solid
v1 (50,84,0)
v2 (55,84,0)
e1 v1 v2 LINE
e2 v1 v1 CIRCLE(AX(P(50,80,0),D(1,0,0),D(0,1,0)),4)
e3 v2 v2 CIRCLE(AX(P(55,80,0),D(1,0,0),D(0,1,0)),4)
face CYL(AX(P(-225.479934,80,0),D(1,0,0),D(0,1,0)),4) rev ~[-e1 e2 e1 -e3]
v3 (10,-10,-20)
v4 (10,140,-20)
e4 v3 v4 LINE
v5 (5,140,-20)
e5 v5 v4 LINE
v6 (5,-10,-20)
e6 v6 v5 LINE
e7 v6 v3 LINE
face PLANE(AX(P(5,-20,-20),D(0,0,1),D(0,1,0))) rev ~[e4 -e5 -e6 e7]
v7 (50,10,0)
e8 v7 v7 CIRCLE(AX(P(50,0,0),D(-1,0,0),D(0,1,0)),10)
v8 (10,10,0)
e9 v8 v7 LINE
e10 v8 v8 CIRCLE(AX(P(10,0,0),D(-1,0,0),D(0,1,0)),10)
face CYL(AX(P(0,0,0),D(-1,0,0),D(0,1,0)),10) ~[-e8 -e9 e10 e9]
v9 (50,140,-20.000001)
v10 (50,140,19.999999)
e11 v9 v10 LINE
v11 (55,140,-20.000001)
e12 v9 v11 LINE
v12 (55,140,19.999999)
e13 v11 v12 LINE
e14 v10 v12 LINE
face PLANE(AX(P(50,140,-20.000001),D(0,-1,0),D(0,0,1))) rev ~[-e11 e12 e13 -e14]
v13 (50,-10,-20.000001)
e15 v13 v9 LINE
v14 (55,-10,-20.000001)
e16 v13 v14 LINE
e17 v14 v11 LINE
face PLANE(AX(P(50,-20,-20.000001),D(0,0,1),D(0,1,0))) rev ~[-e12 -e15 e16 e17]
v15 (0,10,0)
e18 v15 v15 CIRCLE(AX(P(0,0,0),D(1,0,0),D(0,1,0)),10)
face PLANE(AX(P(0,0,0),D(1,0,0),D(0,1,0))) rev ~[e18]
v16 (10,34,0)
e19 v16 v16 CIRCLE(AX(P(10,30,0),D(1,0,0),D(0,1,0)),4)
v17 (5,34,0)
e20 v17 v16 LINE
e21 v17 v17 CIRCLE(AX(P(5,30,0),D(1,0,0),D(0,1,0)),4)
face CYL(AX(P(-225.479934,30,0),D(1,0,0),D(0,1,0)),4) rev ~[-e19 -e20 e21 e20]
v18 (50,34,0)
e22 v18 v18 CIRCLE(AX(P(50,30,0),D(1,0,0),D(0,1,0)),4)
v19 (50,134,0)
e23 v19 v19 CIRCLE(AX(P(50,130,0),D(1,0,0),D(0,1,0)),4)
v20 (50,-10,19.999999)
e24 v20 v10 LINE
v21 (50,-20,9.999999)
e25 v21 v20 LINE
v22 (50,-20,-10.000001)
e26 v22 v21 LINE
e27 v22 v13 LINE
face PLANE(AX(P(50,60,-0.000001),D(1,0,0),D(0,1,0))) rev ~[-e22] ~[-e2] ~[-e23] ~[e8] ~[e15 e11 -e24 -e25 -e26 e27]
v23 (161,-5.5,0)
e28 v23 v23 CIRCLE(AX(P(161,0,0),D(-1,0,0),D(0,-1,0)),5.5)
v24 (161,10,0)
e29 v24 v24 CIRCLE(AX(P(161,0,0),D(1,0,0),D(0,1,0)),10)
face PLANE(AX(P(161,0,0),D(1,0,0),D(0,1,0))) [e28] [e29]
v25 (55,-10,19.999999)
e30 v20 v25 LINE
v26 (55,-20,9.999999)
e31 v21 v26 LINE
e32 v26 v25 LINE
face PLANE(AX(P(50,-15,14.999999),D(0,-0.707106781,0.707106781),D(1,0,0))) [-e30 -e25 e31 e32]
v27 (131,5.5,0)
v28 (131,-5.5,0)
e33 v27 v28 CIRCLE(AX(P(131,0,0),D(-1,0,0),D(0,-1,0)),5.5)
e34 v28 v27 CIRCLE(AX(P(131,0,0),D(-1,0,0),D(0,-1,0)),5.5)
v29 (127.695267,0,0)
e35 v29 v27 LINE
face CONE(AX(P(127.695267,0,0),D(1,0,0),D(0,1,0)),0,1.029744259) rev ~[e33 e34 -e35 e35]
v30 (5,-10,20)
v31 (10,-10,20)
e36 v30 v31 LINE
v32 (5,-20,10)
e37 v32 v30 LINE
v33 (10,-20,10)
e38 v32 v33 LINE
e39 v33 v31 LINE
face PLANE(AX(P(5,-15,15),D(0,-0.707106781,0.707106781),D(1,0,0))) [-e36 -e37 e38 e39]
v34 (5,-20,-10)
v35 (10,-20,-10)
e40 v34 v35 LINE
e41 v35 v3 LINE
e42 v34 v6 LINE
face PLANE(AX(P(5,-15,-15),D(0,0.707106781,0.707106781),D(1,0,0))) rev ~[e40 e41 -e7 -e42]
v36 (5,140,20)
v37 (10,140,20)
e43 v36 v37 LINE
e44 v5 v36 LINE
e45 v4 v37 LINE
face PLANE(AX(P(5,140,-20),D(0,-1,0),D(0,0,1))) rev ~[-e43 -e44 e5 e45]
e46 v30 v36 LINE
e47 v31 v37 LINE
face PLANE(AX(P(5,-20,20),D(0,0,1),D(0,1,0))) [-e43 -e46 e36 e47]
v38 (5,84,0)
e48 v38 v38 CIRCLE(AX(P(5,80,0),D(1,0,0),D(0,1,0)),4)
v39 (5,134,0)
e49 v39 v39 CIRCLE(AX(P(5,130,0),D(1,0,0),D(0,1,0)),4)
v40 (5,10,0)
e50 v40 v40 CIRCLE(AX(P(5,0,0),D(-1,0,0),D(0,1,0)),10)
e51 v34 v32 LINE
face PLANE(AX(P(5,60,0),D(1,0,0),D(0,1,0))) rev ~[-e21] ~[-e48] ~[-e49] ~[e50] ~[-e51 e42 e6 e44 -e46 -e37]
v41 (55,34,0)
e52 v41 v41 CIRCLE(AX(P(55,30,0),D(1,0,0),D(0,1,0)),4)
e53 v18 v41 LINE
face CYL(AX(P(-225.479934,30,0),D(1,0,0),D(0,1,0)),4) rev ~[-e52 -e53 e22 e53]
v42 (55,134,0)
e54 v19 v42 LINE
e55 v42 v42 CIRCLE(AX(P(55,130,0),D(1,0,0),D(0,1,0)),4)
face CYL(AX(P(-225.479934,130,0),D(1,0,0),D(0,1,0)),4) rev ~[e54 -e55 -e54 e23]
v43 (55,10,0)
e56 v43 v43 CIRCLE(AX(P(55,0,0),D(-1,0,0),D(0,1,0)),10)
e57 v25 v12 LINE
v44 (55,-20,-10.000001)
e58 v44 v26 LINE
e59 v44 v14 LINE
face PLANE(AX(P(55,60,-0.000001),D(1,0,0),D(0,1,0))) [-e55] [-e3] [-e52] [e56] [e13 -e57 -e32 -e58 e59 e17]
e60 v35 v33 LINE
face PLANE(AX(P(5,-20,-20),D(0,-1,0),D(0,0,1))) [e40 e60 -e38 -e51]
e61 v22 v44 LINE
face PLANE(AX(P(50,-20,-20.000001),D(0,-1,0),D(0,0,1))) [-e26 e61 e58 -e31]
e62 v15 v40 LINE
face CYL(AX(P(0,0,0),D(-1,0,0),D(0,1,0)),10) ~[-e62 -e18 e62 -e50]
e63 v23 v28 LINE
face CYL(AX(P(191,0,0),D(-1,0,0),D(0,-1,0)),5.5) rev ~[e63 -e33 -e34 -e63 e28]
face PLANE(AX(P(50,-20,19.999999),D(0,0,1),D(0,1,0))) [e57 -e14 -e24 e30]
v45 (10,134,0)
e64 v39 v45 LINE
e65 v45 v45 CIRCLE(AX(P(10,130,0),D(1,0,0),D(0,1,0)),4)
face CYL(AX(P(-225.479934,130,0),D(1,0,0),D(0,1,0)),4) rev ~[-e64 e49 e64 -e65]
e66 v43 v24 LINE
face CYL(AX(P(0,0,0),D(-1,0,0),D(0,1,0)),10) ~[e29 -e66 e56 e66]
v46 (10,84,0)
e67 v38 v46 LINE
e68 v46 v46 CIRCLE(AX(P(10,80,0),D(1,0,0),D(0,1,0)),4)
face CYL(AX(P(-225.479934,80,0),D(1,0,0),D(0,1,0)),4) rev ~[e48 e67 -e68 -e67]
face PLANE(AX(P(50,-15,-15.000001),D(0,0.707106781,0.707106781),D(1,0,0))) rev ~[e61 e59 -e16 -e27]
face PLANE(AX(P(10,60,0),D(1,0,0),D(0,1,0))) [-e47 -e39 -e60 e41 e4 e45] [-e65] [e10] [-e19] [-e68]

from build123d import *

# Parameters (mm, degrees)
F0_R      = 10
F1_DEPTH  = 161
F3_W      = 160
F3_H      = 40
F4_DEPTH  = 5
F6_W      = 160
F6_H      = 40
F7_DEPTH  = 5
F8_SIZE   = 10
F10_D     = 8
F12_D     = 11
F12_DEPTH = 30
F12_TIP   = 3.3047334047


with BuildPart() as f1:
    # F0 (on Right) → F1 (new body)
    with BuildSketch(Plane.YZ):
        Circle(F0_R)
    extrude(amount=F1_DEPTH)

    # F3 (on offset) → F4 (join)
    with BuildSketch(Plane.YZ.offset(5)):
        with Locations((60, 0)):
            Rectangle(F3_W, F3_H)
    extrude(amount=F4_DEPTH)

    # F6 (on offset) → F7 (join)
    with BuildSketch(Plane.YZ.offset(50)):
        with Locations((60, -9.313e-07)):
            Rectangle(F6_W, F6_H)
    extrude(amount=F7_DEPTH)

    # F8
    f8_edges = [f1.edges().sort_by_distance(p)[0] for p in [
        (52.5, -20, 19.999999),
        (7.5, -20, 20),
        (7.5, -20, -20),
        (52.5, -20, -20.000001),
    ]]
    chamfer(f8_edges, length=F8_SIZE)

    # F10 (through all)
    with Locations(Plane(origin=(5, 0, 0), x_dir=(0, -1, 0), z_dir=(-1, 0, 0))):
        with Locations((-130, 0), (-80, 0), (-30, 0)):
            Hole(F10_D / 2)

    # F12
    with Locations(Plane.YZ.offset(161)):
        with Locations((0, 0)):
            Hole(F12_D / 2, depth=F12_DEPTH)
            with Locations((0, 0, -(F12_DEPTH + F12_TIP / 2))):  # 118° drill point
                Cone(0, F12_D / 2, F12_TIP, mode=Mode.SUBTRACT)


solid = f1.part
